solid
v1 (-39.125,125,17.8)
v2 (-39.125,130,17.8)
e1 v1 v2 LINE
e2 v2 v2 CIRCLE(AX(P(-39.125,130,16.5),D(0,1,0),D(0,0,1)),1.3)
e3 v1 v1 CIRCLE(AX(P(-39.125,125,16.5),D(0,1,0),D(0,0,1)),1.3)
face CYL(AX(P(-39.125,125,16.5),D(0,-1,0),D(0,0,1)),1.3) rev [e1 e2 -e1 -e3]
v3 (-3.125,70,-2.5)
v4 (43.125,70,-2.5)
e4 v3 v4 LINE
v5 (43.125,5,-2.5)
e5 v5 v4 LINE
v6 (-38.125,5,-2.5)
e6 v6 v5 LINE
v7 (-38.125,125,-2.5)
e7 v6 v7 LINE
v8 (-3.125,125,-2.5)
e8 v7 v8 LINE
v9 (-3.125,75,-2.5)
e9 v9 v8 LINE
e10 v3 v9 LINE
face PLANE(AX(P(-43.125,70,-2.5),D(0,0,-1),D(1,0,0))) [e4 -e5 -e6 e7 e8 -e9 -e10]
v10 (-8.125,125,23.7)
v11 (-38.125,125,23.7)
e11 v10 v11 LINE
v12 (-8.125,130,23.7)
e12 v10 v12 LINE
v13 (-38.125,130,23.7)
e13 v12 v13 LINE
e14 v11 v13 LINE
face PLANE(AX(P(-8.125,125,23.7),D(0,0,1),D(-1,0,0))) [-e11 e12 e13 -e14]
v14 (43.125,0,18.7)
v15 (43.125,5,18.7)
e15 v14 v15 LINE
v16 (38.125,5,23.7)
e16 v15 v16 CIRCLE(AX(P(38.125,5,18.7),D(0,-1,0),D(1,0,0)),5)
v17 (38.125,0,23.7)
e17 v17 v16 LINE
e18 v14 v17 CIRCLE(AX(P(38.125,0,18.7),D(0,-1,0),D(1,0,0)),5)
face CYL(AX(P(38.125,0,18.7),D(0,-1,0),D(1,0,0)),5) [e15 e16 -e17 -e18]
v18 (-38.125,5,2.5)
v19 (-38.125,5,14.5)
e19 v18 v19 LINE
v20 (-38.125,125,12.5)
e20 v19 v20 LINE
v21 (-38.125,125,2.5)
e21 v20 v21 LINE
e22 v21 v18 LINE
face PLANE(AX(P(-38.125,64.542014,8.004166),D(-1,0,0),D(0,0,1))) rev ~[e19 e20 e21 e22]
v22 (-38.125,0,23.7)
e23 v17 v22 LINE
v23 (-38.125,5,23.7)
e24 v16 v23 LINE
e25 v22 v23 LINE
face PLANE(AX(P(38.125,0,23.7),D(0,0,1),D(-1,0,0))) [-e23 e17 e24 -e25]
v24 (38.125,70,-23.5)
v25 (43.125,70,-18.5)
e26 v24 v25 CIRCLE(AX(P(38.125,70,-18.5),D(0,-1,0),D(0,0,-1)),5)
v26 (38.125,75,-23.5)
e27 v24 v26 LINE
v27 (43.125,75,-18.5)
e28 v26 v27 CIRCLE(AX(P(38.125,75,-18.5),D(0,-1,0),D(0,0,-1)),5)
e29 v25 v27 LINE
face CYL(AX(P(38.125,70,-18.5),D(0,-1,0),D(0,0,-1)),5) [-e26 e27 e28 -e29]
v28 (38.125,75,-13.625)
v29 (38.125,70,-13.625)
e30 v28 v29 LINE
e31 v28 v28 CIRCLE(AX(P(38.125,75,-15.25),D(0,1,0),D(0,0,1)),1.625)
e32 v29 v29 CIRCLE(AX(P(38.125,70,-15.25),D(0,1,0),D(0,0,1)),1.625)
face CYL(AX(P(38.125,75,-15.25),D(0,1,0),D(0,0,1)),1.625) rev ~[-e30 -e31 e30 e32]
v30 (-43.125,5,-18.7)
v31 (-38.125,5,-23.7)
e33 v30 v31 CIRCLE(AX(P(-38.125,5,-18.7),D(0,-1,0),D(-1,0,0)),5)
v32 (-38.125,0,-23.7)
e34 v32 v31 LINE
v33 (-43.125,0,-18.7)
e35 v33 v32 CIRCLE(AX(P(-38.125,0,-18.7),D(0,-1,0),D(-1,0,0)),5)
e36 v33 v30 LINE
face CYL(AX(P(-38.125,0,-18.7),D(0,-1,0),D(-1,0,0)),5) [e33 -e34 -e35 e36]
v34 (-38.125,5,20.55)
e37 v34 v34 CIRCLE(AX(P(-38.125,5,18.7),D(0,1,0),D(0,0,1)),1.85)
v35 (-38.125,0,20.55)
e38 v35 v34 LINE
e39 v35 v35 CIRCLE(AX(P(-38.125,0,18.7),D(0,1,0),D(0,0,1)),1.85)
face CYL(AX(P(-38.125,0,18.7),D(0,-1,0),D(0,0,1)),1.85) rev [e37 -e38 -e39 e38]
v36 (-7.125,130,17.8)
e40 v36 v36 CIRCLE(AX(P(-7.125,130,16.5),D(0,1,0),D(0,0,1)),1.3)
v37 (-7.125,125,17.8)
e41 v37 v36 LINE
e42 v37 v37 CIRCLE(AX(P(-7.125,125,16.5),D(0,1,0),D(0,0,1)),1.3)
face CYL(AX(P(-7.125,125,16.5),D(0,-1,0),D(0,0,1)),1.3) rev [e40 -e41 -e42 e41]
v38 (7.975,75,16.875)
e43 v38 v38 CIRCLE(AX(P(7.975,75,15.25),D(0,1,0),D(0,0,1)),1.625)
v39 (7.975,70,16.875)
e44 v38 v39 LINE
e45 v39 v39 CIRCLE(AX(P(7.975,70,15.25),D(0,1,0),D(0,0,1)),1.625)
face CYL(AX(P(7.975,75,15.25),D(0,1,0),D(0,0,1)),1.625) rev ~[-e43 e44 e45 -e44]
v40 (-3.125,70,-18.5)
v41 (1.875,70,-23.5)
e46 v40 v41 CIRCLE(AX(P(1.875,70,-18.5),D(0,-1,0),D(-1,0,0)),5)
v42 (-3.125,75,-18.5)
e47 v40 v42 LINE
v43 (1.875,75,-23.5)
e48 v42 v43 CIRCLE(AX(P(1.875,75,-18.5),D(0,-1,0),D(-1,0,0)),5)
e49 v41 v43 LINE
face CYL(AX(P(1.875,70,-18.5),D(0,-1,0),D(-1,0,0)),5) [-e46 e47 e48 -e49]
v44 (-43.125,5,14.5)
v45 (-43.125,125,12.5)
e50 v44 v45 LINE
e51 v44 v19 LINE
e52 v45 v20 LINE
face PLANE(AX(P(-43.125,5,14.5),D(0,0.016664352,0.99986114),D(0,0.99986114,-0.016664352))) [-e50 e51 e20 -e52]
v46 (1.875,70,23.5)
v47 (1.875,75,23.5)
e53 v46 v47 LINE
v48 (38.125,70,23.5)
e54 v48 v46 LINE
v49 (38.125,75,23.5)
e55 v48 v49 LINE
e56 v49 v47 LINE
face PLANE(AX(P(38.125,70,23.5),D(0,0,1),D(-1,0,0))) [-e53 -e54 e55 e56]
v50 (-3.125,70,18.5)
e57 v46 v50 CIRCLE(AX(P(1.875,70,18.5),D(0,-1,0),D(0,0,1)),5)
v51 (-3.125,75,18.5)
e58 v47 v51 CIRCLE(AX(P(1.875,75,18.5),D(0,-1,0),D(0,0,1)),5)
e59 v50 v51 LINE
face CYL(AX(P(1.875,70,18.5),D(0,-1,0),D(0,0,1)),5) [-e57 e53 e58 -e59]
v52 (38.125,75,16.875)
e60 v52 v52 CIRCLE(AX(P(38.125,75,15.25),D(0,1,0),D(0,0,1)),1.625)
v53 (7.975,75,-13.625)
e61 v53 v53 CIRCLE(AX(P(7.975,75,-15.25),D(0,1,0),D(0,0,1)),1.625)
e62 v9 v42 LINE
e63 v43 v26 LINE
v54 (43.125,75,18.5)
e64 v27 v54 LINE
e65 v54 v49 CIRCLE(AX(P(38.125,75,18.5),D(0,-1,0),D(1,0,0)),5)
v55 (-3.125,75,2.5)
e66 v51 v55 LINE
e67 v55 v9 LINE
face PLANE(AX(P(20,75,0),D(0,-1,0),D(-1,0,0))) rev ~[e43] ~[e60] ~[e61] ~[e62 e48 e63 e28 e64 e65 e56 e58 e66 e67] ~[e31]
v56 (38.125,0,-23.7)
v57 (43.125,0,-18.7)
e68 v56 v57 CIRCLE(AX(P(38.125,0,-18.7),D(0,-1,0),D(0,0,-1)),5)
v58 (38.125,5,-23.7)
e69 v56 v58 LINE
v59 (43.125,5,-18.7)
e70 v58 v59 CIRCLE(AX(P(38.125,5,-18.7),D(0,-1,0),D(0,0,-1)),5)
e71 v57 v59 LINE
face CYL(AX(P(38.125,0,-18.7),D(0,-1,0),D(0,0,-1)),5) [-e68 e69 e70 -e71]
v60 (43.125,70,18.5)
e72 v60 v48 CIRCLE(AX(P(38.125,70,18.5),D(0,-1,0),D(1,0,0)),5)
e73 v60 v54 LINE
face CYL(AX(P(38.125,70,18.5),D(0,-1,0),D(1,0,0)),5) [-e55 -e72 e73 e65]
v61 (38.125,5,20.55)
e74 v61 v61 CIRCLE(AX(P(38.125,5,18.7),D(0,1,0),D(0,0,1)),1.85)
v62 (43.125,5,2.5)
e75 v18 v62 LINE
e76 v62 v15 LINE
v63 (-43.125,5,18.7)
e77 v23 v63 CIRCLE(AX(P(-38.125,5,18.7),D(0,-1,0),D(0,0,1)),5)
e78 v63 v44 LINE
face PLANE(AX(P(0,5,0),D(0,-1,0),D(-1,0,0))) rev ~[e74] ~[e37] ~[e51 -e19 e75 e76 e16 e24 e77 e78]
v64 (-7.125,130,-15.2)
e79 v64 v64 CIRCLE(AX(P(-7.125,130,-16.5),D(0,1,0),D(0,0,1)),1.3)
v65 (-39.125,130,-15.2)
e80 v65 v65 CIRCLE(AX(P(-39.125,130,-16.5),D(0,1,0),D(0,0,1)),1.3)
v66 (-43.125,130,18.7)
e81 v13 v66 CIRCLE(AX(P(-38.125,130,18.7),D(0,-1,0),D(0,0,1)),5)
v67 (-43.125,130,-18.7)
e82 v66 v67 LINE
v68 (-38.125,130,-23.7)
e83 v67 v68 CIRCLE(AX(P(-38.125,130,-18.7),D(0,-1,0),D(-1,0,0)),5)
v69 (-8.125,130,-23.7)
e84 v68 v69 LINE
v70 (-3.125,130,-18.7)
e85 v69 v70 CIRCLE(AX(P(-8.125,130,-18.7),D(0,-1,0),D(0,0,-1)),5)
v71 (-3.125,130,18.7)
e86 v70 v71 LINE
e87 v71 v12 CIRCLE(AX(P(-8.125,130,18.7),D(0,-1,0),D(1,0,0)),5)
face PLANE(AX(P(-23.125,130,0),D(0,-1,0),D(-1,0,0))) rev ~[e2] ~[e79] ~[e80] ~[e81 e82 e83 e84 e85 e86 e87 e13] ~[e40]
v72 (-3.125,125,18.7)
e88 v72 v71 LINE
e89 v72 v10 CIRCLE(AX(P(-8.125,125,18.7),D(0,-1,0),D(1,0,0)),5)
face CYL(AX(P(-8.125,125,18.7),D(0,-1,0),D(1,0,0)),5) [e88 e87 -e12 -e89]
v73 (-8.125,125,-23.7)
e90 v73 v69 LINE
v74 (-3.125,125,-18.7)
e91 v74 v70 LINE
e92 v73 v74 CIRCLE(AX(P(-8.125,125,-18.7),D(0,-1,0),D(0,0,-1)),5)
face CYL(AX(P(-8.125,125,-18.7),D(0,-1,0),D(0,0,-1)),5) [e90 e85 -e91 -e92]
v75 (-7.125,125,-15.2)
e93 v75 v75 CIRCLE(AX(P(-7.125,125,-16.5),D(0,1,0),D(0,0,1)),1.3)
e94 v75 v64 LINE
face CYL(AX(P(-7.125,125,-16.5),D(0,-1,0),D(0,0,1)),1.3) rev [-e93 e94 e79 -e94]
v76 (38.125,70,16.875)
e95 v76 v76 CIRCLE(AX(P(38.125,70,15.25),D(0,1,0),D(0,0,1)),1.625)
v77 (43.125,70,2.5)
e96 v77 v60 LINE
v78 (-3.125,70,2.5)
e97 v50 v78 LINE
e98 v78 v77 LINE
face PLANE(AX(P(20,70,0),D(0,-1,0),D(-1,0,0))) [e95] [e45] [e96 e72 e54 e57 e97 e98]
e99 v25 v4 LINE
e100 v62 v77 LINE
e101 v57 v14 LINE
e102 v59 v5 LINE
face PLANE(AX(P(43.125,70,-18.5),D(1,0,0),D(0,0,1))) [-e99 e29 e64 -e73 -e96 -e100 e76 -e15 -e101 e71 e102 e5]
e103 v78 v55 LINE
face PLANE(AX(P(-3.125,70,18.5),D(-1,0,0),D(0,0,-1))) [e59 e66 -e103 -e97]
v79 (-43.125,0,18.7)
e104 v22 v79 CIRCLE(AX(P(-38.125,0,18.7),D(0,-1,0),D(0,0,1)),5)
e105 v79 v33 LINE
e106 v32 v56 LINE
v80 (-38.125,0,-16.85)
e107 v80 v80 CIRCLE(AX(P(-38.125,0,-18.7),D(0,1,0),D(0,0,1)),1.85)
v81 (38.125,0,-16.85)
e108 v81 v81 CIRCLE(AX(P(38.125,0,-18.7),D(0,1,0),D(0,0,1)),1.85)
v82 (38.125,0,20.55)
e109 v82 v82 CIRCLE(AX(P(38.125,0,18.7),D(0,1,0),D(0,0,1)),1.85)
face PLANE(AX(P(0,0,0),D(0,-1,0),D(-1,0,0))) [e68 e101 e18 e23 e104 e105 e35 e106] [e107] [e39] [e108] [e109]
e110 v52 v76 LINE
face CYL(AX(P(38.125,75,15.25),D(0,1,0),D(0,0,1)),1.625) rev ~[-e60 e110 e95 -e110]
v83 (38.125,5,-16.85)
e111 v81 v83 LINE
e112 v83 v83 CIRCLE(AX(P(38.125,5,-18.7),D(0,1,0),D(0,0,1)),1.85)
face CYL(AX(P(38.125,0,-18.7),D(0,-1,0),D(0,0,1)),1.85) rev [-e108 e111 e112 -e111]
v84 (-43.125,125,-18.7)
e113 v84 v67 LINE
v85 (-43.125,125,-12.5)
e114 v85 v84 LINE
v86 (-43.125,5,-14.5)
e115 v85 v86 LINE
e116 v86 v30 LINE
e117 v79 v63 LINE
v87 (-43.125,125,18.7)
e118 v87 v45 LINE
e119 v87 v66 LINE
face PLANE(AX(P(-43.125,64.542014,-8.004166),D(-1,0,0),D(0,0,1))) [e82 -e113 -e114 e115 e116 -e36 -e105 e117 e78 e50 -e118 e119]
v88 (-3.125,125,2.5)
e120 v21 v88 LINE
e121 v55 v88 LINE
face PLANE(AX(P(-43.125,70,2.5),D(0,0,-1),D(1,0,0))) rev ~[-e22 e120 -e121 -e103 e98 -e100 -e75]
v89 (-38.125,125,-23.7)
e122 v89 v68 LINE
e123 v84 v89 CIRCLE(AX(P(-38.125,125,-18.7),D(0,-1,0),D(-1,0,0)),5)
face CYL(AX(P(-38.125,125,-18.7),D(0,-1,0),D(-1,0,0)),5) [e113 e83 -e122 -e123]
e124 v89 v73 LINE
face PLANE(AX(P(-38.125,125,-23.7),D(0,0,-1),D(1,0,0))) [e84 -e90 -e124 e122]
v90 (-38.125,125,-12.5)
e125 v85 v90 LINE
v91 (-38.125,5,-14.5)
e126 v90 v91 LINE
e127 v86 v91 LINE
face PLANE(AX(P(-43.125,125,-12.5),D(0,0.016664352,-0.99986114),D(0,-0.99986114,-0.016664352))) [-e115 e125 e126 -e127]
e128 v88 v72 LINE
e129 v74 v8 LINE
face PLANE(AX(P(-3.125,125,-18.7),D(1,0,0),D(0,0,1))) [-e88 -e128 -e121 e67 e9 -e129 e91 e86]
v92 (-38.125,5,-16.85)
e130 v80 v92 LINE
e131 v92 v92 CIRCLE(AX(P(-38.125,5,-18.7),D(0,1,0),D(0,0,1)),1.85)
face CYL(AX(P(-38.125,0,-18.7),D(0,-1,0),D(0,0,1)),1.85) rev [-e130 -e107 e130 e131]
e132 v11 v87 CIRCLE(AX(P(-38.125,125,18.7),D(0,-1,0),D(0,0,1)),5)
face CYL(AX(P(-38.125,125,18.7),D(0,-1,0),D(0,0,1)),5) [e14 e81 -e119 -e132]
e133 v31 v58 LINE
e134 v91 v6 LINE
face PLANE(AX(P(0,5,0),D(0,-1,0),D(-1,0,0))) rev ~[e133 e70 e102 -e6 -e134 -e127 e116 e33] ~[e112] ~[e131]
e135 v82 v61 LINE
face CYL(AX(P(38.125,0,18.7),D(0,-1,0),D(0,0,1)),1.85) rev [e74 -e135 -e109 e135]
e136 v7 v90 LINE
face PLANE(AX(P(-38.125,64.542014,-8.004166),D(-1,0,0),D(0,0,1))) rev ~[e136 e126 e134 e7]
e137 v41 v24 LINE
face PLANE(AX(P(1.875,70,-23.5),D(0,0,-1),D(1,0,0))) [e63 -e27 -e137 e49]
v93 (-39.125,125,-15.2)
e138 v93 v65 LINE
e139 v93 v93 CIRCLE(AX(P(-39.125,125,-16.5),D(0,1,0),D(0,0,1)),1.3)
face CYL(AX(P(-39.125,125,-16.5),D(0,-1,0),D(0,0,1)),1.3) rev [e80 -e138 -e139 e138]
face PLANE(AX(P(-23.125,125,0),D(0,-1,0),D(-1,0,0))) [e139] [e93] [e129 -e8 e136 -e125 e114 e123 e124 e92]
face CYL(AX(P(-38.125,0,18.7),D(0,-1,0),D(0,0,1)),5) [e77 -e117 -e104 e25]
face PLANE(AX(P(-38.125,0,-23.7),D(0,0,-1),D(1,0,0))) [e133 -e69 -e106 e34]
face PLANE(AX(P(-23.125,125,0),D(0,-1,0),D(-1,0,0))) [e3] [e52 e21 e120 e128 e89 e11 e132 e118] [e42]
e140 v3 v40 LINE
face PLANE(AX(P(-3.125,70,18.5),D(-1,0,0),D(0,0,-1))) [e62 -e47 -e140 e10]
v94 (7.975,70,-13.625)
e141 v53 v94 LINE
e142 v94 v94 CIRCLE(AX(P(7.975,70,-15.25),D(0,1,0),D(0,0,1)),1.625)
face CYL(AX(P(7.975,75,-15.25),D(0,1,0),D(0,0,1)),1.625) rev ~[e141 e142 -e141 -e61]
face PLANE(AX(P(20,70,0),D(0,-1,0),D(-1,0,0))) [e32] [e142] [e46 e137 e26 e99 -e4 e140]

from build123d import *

# Parameters (mm, degrees)
SKT_BASE_W_MOUNTING_HOLES_R           = 1.85
EXT_BASE_PLATE_W_MOUNTING_HOLES_DEPTH = 5
SKT_UPWARD_RIDGE_W                    = 86.25
SKT_UPWARD_RIDGE_H                    = 5
EXT_UPWARD_FLANGE_DEPTH               = 65
EXT_PIX_PLATFORM_DEPTH                = 5
PIX_MOUNT_HOLES_REACH                 = 91.702
SKETCH7_R                             = 1.625
SKETCH8_W                             = 40
SKETCH8_H                             = 5
GPS_FLANGE_DEPTH                      = 55
SKETCH9_R                             = 1.3
GPS_PLATFORM_DEPTH                    = 5
BRACING_DEPTH                         = 5


with BuildPart() as part:
    # Skt - Base w mounting holes → Ext - Base Plate w Mounting Holes (new body)
    with BuildSketch(Plane(origin=(0, 0, 0), x_dir=(1, 0, 0), z_dir=(0, 1, 0))):
        with BuildLine():
            Line((-38.125, 23.7), (38.125, 23.7))
            ThreePointArc((38.125, 23.7), (41.660533906, 22.235533906), (43.125, 18.7))
            Line((43.125, 18.7), (43.125, -18.7))
            ThreePointArc((43.125, -18.7), (41.660533906, -22.235533906), (38.125, -23.7))
            Line((38.125, -23.7), (-38.125, -23.7))
            ThreePointArc((-38.125, -23.7), (-41.660533906, -22.235533906), (-43.125, -18.7))
            Line((-43.125, -18.7), (-43.125, 18.7))
            ThreePointArc((-43.125, 18.7), (-41.660533906, 22.235533906), (-38.125, 23.7))
        make_face()
        with Locations(Location((-38.125, 18.7, 0), (0, 0, 270))):
            Circle(SKT_BASE_W_MOUNTING_HOLES_R, mode=Mode.SUBTRACT)
        with Locations(Location((38.125, 18.7, 0), (0, 0, 270))):
            Circle(SKT_BASE_W_MOUNTING_HOLES_R, mode=Mode.SUBTRACT)
        with Locations(Location((38.125, -18.7, 0), (0, 0, 270))):
            Circle(SKT_BASE_W_MOUNTING_HOLES_R, mode=Mode.SUBTRACT)
        with Locations(Location((-38.125, -18.7, 0), (0, 0, 270))):
            Circle(SKT_BASE_W_MOUNTING_HOLES_R, mode=Mode.SUBTRACT)
    extrude(amount=EXT_BASE_PLATE_W_MOUNTING_HOLES_DEPTH)

    # Skt - Upward Ridge → Ext - Upward Flange (add)
    with BuildSketch(Plane(origin=(0, 5, 0), x_dir=(1, 0, 0), z_dir=(0, 1, 0))):
        Rectangle(SKT_UPWARD_RIDGE_W, SKT_UPWARD_RIDGE_H)
    extrude(amount=EXT_UPWARD_FLANGE_DEPTH)

    # Skt - GPS Nest → Ext - PIX Platform (add)
    with BuildSketch(Plane(origin=(0, 70, 0), x_dir=(1, 0, 0), z_dir=(0, 1, 0))):
        with BuildLine():
            Line((1.875, 23.5), (38.125, 23.5))
            ThreePointArc((38.125, 23.5), (41.660533906, 22.035533906), (43.125, 18.5))
            Line((43.125, 18.5), (43.125, -18.5))
            ThreePointArc((43.125, -18.5), (41.660533906, -22.035533906), (38.125, -23.5))
            Line((38.125, -23.5), (1.875, -23.5))
            ThreePointArc((1.875, -23.5), (-1.660533906, -22.035533906), (-3.125, -18.5))
            Line((-3.125, -18.5), (-3.125, 18.5))
            ThreePointArc((-3.125, 18.5), (-1.660533906, 22.035533906), (1.875, 23.5))
        make_face()
    extrude(amount=EXT_PIX_PLATFORM_DEPTH)

    # Sketch7 → Pix Mount Holes (cut, up to next)
    with BuildSketch(Plane(origin=(0, 75, 0), x_dir=(1, 0, 0), z_dir=(0, 1, 0)), mode=Mode.PRIVATE) as pix_mount_holes_sk1:
        with Locations(Location((7.975, 15.25, 0), (0, 0, 270))):
            Circle(SKETCH7_R)
    pix_mount_holes_tool1 = extrude(pix_mount_holes_sk1.sketch, amount=-PIX_MOUNT_HOLES_REACH, mode=Mode.PRIVATE) & part.part
    # Sketch7 → Pix Mount Holes (cut, up to next)
    with BuildSketch(Plane(origin=(0, 75, 0), x_dir=(1, 0, 0), z_dir=(0, 1, 0)), mode=Mode.PRIVATE) as pix_mount_holes_sk2:
        with Locations(Location((38.125, 15.25, 0), (0, 0, 270))):
            Circle(SKETCH7_R)
    pix_mount_holes_tool2 = extrude(pix_mount_holes_sk2.sketch, amount=-PIX_MOUNT_HOLES_REACH, mode=Mode.PRIVATE) & part.part
    # Sketch7 → Pix Mount Holes (cut, up to next)
    with BuildSketch(Plane(origin=(0, 75, 0), x_dir=(1, 0, 0), z_dir=(0, 1, 0)), mode=Mode.PRIVATE) as pix_mount_holes_sk3:
        with Locations(Location((38.125, -15.25, 0), (0, 0, 270))):
            Circle(SKETCH7_R)
    pix_mount_holes_tool3 = extrude(pix_mount_holes_sk3.sketch, amount=-PIX_MOUNT_HOLES_REACH, mode=Mode.PRIVATE) & part.part
    # Sketch7 → Pix Mount Holes (cut, up to next)
    with BuildSketch(Plane(origin=(0, 75, 0), x_dir=(1, 0, 0), z_dir=(0, 1, 0)), mode=Mode.PRIVATE) as pix_mount_holes_sk4:
        with Locations(Location((7.975, -15.25, 0), (0, 0, 270))):
            Circle(SKETCH7_R)
    pix_mount_holes_tool4 = extrude(pix_mount_holes_sk4.sketch, amount=-PIX_MOUNT_HOLES_REACH, mode=Mode.PRIVATE) & part.part
    add(pix_mount_holes_tool1.solids().sort_by_distance((7.975, 75, -15.25))[0], mode=Mode.SUBTRACT)
    add(pix_mount_holes_tool2.solids().sort_by_distance((38.125, 75, -15.25))[0], mode=Mode.SUBTRACT)
    add(pix_mount_holes_tool3.solids().sort_by_distance((38.125, 75, 15.25))[0], mode=Mode.SUBTRACT)
    add(pix_mount_holes_tool4.solids().sort_by_distance((7.975, 75, 15.25))[0], mode=Mode.SUBTRACT)

    # Sketch8 → GPS Flange (add)
    with BuildSketch(Plane(origin=(0, 70, 0), x_dir=(1, 0, 0), z_dir=(0, 1, 0))):
        with Locations((-23.125, 0)):
            Rectangle(SKETCH8_W, SKETCH8_H)
    extrude(amount=GPS_FLANGE_DEPTH)

    # Sketch9 → GPS Platform (add)
    with BuildSketch(Plane(origin=(0, 125, 0), x_dir=(1, 0, 0), z_dir=(0, 1, 0))):
        with BuildLine():
            Line((-38.125, 23.7), (-8.125, 23.7))
            ThreePointArc((-8.125, 23.7), (-4.589466094, 22.235533906), (-3.125, 18.7))
            Line((-3.125, 18.7), (-3.125, -18.7))
            ThreePointArc((-3.125, -18.7), (-4.589466094, -22.235533906), (-8.125, -23.7))
            Line((-8.125, -23.7), (-38.125, -23.7))
            ThreePointArc((-38.125, -23.7), (-41.660533906, -22.235533906), (-43.125, -18.7))
            Line((-43.125, -18.7), (-43.125, 18.7))
            ThreePointArc((-43.125, 18.7), (-41.660533906, 22.235533906), (-38.125, 23.7))
        make_face()
        with Locations(Location((-39.125, 16.5, 0), (0, 0, 270))):
            Circle(SKETCH9_R, mode=Mode.SUBTRACT)
        with Locations(Location((-7.125, 16.5, 0), (0, 0, 270))):
            Circle(SKETCH9_R, mode=Mode.SUBTRACT)
        with Locations(Location((-7.125, -16.5, 0), (0, 0, 270))):
            Circle(SKETCH9_R, mode=Mode.SUBTRACT)
        with Locations(Location((-39.125, -16.5, 0), (0, 0, 270))):
            Circle(SKETCH9_R, mode=Mode.SUBTRACT)
    extrude(amount=GPS_PLATFORM_DEPTH)

    # Sketch10 → Bracing (add)
    with BuildSketch(Plane.ZY.offset(43.125)):
        Polygon((-2.5, 5), (-2.5, 125), (-12.5, 125), (-14.5, 5), align=None)
        Polygon((2.5, 125), (2.5, 5), (14.5, 5), (12.5, 125), align=None)
    extrude(amount=-BRACING_DEPTH)


solid = part.part
